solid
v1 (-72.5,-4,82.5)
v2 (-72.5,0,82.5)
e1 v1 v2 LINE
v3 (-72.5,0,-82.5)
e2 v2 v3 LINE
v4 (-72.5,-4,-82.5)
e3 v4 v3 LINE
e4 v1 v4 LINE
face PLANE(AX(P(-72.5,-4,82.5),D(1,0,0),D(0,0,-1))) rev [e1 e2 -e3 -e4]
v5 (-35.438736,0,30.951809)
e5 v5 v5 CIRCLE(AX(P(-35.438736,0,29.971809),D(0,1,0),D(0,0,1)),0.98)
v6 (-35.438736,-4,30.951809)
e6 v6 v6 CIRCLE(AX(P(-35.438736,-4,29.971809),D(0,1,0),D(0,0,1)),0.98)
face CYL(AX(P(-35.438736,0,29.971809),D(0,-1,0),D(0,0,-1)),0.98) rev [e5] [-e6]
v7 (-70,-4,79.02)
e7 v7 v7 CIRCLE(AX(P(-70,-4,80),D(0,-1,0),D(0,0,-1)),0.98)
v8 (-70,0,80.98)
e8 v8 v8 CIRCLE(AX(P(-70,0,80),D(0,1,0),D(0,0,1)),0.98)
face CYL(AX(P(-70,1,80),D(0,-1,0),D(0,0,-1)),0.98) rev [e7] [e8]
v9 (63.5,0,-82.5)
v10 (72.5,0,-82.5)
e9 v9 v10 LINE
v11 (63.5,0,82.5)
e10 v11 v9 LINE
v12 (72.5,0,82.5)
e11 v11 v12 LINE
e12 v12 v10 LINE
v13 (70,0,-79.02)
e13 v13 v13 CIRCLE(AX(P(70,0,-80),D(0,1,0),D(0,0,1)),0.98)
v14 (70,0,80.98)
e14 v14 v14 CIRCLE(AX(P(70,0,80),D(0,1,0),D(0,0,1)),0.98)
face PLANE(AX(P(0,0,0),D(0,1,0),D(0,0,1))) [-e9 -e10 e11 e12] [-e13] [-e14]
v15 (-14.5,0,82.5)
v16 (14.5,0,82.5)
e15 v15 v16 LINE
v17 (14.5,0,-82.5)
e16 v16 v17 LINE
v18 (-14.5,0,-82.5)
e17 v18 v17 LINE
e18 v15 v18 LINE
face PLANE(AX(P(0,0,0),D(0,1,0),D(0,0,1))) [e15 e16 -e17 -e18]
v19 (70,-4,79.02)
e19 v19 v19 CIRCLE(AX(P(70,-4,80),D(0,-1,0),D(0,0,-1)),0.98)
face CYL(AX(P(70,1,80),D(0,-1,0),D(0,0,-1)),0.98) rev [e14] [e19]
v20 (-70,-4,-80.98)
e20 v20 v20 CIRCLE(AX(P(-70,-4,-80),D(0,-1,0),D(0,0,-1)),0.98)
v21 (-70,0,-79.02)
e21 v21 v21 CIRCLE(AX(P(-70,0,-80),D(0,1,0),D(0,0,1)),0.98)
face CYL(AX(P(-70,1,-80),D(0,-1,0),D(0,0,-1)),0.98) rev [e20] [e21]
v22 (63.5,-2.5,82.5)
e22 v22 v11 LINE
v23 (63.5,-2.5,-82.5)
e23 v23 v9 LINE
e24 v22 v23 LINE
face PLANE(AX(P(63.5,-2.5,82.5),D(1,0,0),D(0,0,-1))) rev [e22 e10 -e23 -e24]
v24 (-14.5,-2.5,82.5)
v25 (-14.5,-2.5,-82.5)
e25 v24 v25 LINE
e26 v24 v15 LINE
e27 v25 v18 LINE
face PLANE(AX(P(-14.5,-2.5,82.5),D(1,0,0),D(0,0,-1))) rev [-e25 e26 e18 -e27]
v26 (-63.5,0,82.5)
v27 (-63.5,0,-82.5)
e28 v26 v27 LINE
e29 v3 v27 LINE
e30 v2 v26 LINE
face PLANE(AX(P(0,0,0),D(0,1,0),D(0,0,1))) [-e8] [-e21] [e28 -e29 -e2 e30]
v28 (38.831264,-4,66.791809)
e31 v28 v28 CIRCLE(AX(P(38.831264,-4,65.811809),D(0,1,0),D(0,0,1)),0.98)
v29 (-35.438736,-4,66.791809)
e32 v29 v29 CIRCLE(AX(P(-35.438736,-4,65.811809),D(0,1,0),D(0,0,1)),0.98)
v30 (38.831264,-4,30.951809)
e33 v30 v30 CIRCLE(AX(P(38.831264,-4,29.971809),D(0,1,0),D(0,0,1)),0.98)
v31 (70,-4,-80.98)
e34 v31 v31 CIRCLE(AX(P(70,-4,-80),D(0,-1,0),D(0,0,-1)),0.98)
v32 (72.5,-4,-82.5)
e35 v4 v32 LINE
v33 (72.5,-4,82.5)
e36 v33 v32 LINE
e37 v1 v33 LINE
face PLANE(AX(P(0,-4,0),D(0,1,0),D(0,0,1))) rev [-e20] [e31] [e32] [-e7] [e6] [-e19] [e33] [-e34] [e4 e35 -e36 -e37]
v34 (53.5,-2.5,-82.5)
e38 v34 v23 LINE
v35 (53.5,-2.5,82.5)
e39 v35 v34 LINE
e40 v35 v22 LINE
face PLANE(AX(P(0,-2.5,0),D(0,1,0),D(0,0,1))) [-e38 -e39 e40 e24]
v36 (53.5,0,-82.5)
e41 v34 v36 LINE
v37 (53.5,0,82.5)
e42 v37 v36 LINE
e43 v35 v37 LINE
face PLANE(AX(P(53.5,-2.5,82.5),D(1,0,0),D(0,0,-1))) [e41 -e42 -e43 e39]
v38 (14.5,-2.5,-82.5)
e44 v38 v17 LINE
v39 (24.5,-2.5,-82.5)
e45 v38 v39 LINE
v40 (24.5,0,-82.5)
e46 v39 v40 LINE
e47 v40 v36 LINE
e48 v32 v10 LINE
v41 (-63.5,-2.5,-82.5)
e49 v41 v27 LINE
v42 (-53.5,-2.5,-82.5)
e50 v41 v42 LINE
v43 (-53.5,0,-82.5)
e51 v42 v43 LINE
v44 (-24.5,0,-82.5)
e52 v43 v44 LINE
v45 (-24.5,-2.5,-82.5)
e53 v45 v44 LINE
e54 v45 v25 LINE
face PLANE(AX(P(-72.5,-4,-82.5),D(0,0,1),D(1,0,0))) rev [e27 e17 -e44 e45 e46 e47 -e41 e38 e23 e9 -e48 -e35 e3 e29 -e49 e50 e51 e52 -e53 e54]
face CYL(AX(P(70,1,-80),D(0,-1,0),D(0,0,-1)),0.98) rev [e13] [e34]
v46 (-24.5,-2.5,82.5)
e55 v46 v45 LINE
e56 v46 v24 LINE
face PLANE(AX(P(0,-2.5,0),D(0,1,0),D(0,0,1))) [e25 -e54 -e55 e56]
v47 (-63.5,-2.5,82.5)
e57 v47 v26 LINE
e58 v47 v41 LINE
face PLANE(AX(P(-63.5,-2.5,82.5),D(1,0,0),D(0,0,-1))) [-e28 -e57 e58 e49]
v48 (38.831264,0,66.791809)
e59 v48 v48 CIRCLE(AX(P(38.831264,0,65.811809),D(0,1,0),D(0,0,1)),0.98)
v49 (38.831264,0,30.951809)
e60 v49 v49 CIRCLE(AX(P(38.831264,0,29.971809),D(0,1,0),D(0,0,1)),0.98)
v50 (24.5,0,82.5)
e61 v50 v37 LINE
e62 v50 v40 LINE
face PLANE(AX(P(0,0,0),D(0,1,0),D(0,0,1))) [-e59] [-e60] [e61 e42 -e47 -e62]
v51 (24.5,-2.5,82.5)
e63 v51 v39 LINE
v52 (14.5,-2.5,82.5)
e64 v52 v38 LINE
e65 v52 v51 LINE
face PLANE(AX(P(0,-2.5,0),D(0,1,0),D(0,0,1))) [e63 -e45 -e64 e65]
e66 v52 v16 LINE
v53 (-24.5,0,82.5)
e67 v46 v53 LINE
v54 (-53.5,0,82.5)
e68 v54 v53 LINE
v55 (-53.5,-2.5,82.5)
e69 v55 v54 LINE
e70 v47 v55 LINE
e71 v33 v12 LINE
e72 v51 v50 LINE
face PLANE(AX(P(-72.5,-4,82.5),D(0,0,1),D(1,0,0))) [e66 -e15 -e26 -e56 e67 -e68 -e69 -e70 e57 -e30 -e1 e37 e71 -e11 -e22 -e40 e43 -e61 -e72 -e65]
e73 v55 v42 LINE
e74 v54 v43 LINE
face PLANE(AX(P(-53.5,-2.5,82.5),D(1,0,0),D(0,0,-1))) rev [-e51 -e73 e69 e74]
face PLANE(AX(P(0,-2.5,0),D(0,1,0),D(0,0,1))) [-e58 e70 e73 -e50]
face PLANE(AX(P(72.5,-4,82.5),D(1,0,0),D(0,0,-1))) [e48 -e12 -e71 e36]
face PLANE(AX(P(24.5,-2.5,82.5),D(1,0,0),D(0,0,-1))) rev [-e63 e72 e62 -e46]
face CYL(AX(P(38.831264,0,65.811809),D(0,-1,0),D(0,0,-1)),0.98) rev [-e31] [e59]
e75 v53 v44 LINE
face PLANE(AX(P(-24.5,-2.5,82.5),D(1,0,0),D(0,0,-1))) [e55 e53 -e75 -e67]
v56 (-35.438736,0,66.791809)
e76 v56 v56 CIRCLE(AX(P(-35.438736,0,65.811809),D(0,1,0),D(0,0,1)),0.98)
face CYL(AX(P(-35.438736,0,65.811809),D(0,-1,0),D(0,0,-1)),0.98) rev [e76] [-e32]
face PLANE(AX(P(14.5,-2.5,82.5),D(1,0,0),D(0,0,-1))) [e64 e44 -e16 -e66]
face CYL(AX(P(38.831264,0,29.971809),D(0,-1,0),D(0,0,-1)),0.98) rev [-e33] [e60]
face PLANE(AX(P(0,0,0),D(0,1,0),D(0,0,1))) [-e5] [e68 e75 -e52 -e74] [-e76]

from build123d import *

# Parameters (mm, degrees)
SKETCH2_W           = 145
SKETCH2_H           = 165
BOSS_EXTRUDE1_DEPTH = 4
SKETCH2_3_W         = 10
SKETCH2_3_H         = 165
CUT_EXTRUDE1_DEPTH  = 2.5
SKETCH3_R           = 0.98
CUT_EXTRUDE3_DEPTH  = 5
SKETCH5_R           = 0.98
CUT_EXTRUDE4_DEPTH  = 4


with BuildPart() as part:
    # Sketch2 → Boss-Extrude1 (new body)
    with BuildSketch(Plane(origin=(0, 0, 0), x_dir=(1, 0, 0), z_dir=(0, 1, 0))):
        Rectangle(SKETCH2_W, SKETCH2_H)
    extrude(amount=-BOSS_EXTRUDE1_DEPTH)

    # Sketch2<3> → Cut-Extrude1 (cut)
    with BuildSketch(Plane(origin=(0, 0, 0), x_dir=(1, 0, 0), z_dir=(0, 1, 0))):
        with Locations((-19.5, 0)):
            Rectangle(SKETCH2_3_W, SKETCH2_3_H)
        with Locations((-58.5, 0)):
            Rectangle(SKETCH2_3_W, SKETCH2_3_H)
        with Locations((19.5, 0)):
            Rectangle(SKETCH2_3_W, SKETCH2_3_H)
        with Locations((58.5, 0)):
            Rectangle(SKETCH2_3_W, SKETCH2_3_H)
    extrude(amount=-CUT_EXTRUDE1_DEPTH, mode=Mode.SUBTRACT)

    # Sketch3 → Cut-Extrude3 (cut)
    with BuildSketch(Plane.XZ.offset(4)):
        with Locations((-70, 80)):
            Circle(SKETCH3_R)
        with Locations((70, 80)):
            Circle(SKETCH3_R)
        with Locations((70, -80)):
            Circle(SKETCH3_R)
        with Locations((-70, -80)):
            Circle(SKETCH3_R)
    extrude(amount=-CUT_EXTRUDE3_DEPTH, mode=Mode.SUBTRACT)

    # Sketch5 → Cut-Extrude4 (cut)
    with BuildSketch(Plane(origin=(0, -4, 0), x_dir=(1, 0, 0), z_dir=(0, 1, 0))):
        with Locations((-35.438735521, -29.971809351)):
            Circle(SKETCH5_R)
        with Locations((38.831264479, -29.971809351)):
            Circle(SKETCH5_R)
        with Locations((38.831264479, -65.811809351)):
            Circle(SKETCH5_R)
        with Locations((-35.438735521, -65.811809351)):
            Circle(SKETCH5_R)
    extrude(amount=CUT_EXTRUDE4_DEPTH, mode=Mode.SUBTRACT)


solid = part.part
